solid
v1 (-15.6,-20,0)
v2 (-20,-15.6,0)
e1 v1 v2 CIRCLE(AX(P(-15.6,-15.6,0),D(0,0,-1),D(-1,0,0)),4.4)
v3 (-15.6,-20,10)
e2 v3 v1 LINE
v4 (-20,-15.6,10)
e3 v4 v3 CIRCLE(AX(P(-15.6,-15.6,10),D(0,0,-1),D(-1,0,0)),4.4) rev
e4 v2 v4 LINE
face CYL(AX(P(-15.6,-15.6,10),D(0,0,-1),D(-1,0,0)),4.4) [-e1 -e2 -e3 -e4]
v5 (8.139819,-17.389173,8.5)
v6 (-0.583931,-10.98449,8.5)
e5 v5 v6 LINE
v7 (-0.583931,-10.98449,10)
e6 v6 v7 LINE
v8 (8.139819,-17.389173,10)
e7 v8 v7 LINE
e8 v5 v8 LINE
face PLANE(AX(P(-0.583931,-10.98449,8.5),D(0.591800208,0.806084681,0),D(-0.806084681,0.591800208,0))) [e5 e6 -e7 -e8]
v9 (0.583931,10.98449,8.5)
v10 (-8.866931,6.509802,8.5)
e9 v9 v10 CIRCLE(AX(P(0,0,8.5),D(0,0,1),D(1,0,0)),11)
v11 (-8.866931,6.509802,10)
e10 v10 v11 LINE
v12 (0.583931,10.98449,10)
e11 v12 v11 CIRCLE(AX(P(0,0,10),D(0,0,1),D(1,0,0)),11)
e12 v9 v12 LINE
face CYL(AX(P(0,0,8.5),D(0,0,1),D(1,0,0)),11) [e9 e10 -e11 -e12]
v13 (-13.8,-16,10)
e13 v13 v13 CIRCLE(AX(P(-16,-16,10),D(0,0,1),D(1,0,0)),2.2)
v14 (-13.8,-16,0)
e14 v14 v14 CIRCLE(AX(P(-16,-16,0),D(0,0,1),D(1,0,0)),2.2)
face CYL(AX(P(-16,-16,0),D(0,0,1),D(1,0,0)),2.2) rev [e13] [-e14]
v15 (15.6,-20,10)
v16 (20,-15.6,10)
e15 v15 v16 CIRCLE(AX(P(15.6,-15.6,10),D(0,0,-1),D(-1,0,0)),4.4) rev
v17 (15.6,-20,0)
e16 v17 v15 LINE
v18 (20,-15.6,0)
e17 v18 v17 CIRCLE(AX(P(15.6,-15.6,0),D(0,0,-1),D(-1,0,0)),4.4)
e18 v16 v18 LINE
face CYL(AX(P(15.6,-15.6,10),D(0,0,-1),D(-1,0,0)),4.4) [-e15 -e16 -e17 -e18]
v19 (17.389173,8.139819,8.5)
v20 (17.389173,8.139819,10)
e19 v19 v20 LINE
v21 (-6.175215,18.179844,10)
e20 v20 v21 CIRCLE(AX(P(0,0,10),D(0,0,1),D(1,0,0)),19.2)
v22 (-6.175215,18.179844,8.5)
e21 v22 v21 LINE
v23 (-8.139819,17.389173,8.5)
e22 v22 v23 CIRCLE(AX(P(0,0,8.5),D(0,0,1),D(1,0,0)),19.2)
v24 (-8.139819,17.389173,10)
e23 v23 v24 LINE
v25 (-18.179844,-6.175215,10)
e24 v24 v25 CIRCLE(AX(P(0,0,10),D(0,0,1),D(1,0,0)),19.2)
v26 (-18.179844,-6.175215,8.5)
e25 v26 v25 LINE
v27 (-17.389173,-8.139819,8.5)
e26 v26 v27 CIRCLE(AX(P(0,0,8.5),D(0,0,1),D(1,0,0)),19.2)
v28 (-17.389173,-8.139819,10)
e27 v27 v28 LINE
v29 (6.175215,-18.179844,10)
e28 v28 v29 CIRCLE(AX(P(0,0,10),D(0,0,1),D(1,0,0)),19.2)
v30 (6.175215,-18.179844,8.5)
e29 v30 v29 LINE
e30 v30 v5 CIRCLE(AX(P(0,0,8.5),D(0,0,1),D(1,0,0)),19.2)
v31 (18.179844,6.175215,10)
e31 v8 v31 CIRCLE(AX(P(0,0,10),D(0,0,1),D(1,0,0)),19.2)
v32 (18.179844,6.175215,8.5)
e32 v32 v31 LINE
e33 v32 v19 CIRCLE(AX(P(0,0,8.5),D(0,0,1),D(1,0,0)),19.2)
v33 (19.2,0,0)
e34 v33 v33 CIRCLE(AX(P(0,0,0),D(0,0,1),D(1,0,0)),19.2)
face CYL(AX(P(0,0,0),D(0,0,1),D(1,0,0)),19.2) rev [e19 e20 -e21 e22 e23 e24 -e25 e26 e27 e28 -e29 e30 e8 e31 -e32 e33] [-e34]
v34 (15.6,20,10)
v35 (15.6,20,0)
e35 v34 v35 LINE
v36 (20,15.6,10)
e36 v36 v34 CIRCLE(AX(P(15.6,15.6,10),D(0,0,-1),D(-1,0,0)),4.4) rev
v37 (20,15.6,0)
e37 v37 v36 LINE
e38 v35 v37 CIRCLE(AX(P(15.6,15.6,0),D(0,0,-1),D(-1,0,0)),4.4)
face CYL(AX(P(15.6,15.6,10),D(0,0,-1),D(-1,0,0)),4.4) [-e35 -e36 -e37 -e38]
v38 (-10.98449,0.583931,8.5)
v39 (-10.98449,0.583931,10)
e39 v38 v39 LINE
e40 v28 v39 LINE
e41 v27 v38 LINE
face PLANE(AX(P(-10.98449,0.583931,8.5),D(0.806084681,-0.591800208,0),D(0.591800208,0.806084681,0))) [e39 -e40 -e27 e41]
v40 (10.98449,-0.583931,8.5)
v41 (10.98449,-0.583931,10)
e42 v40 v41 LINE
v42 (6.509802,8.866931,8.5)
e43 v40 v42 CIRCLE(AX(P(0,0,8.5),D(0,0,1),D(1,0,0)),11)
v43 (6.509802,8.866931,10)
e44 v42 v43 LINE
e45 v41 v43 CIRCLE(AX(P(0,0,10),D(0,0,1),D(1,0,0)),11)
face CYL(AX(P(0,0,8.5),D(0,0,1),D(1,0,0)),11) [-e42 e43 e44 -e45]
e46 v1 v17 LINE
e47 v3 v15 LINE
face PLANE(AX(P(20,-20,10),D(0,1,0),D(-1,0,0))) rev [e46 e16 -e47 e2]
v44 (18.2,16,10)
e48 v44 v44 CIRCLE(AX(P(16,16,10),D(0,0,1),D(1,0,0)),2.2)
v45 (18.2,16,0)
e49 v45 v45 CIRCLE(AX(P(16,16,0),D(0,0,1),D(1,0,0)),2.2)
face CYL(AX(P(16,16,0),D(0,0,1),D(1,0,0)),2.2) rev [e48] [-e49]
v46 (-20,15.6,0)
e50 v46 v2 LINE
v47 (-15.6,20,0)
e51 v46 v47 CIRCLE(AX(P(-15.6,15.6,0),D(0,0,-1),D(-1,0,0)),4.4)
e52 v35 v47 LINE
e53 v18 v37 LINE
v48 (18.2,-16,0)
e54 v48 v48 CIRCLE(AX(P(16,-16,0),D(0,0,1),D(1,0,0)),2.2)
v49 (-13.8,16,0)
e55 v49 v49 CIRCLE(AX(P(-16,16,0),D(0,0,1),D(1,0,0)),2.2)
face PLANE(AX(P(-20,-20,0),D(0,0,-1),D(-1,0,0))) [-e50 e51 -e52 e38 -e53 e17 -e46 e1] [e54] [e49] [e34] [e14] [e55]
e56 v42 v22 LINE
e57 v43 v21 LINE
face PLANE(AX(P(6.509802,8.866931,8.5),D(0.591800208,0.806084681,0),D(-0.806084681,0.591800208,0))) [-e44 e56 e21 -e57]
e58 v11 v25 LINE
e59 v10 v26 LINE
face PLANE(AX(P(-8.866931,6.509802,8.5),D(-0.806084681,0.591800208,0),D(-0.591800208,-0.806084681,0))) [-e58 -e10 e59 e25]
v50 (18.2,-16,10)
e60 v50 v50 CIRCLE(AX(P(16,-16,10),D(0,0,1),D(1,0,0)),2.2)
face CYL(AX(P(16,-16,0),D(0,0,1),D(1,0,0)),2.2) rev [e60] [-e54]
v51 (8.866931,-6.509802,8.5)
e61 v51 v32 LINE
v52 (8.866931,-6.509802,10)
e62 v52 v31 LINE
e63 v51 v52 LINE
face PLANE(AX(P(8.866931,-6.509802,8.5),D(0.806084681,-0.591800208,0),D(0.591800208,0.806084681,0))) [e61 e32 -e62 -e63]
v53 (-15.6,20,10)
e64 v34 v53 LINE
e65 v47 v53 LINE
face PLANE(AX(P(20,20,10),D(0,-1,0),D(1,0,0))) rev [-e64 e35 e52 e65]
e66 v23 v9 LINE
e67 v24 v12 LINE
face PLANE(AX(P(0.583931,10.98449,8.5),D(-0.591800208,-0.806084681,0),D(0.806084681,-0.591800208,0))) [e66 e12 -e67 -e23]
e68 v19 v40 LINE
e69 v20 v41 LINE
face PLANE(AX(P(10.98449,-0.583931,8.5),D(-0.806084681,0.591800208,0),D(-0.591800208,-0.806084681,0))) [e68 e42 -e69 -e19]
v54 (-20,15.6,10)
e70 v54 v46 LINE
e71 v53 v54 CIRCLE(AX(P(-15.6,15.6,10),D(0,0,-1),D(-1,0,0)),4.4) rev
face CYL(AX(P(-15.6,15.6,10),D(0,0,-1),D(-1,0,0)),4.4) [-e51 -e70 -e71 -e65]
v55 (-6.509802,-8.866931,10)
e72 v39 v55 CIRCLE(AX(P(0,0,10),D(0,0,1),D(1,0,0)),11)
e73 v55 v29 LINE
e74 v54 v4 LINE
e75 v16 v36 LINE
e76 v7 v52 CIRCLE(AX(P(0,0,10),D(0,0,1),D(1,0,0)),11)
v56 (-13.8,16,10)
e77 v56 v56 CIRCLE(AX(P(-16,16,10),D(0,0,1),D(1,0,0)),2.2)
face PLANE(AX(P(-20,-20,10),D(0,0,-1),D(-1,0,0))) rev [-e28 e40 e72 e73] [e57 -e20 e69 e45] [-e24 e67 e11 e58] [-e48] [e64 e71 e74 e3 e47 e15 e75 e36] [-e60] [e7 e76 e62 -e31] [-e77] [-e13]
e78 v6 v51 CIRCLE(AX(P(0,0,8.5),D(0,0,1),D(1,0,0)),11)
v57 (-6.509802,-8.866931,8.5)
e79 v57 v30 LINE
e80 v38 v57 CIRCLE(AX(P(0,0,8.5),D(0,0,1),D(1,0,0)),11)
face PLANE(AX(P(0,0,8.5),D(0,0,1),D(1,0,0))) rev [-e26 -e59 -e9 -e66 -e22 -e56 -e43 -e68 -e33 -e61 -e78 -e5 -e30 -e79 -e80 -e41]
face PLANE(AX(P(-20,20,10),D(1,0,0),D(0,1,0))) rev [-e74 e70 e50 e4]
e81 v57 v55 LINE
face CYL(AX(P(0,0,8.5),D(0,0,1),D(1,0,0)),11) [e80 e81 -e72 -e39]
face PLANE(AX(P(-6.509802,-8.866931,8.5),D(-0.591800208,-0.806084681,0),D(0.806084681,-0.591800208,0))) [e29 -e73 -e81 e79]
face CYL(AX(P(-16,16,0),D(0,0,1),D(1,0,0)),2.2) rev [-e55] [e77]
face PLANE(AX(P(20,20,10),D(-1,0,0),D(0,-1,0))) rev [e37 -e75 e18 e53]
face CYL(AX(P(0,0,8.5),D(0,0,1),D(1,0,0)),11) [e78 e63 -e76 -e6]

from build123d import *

# Parameters (mm, degrees)
SKETCH1_W           = 40
SKETCH1_H           = 40
BOSS_EXTRUDE1_DEPTH = 10
SKETCH2_R           = 2.2
CUT_EXTRUDE1_DEPTH  = 10
SKETCH3_R           = 19.2
CUT_EXTRUDE2_DEPTH  = 10
FILLET1_R           = 4.4
BOSS_EXTRUDE2_DEPTH = 1.5


with BuildPart() as part:
    # Sketch1 → Boss-Extrude1 (new body)
    with BuildSketch(Plane.XY):
        Rectangle(SKETCH1_W, SKETCH1_H)
    extrude(amount=BOSS_EXTRUDE1_DEPTH)

    # Sketch2 → Cut-Extrude1 (cut)
    with BuildSketch(Plane.XY.offset(10)):
        with Locations((-16, 16)):
            Circle(SKETCH2_R)
        with Locations((16, 16)):
            Circle(SKETCH2_R)
        with Locations((16, -16)):
            Circle(SKETCH2_R)
        with Locations((-16, -16)):
            Circle(SKETCH2_R)
    extrude(amount=-CUT_EXTRUDE1_DEPTH, mode=Mode.SUBTRACT)

    # Sketch3 → Cut-Extrude2 (cut)
    with BuildSketch(Plane.XY.offset(10)):
        Circle(SKETCH3_R)
    extrude(amount=-CUT_EXTRUDE2_DEPTH, mode=Mode.SUBTRACT)

    # Fillet1
    fillet1_edges = [part.edges().sort_by_distance(p)[0] for p in [
        (-20, 20, 5),
        (20, 20, 5),
        (20, -20, 5),
        (-20, -20, 5),
    ]]
    fillet(fillet1_edges, radius=FILLET1_R)

    # Sketch4 → Boss-Extrude2 (add)
    with BuildSketch(Plane.XY.offset(10)):
        with BuildLine():
            Line((6.50980229, 8.866931496), (-6.175215064, 18.179843754))
            ThreePointArc((-6.175215064, 18.179843754), (-7.1684264, 17.811615956), (-8.139818596, 17.389173449))
            Line((-8.139818596, 17.389173449), (0.583931442, 10.98449016))
            ThreePointArc((0.583931442, 10.98449016), (-4.707199842, 9.941944963), (-8.866931496, 6.50980229))
            Line((-8.866931496, 6.50980229), (-18.179843754, -6.175215064))
            ThreePointArc((-18.179843754, -6.175215064), (-17.811615956, -7.1684264), (-17.389173449, -8.139818596))
            Line((-17.389173449, -8.139818596), (-10.98449016, 0.583931442))
            ThreePointArc((-10.98449016, 0.583931442), (-9.941944963, -4.707199842), (-6.50980229, -8.866931496))
            Line((-6.50980229, -8.866931496), (6.175215064, -18.179843754))
            ThreePointArc((6.175215064, -18.179843754), (7.1684264, -17.811615956), (8.139818596, -17.389173449))
            Line((8.139818596, -17.389173449), (-0.583931442, -10.98449016))
            ThreePointArc((-0.583931442, -10.98449016), (4.707199842, -9.941944963), (8.866931496, -6.50980229))
            Line((8.866931496, -6.50980229), (18.179843754, 6.175215064))
            ThreePointArc((18.179843754, 6.175215064), (17.811615956, 7.1684264), (17.389173449, 8.139818596))
            Line((17.389173449, 8.139818596), (10.98449016, -0.583931442))
            ThreePointArc((10.98449016, -0.583931442), (9.941944963, 4.707199842), (6.50980229, 8.866931496))
        make_face()
    extrude(amount=-BOSS_EXTRUDE2_DEPTH)


solid = part.part
